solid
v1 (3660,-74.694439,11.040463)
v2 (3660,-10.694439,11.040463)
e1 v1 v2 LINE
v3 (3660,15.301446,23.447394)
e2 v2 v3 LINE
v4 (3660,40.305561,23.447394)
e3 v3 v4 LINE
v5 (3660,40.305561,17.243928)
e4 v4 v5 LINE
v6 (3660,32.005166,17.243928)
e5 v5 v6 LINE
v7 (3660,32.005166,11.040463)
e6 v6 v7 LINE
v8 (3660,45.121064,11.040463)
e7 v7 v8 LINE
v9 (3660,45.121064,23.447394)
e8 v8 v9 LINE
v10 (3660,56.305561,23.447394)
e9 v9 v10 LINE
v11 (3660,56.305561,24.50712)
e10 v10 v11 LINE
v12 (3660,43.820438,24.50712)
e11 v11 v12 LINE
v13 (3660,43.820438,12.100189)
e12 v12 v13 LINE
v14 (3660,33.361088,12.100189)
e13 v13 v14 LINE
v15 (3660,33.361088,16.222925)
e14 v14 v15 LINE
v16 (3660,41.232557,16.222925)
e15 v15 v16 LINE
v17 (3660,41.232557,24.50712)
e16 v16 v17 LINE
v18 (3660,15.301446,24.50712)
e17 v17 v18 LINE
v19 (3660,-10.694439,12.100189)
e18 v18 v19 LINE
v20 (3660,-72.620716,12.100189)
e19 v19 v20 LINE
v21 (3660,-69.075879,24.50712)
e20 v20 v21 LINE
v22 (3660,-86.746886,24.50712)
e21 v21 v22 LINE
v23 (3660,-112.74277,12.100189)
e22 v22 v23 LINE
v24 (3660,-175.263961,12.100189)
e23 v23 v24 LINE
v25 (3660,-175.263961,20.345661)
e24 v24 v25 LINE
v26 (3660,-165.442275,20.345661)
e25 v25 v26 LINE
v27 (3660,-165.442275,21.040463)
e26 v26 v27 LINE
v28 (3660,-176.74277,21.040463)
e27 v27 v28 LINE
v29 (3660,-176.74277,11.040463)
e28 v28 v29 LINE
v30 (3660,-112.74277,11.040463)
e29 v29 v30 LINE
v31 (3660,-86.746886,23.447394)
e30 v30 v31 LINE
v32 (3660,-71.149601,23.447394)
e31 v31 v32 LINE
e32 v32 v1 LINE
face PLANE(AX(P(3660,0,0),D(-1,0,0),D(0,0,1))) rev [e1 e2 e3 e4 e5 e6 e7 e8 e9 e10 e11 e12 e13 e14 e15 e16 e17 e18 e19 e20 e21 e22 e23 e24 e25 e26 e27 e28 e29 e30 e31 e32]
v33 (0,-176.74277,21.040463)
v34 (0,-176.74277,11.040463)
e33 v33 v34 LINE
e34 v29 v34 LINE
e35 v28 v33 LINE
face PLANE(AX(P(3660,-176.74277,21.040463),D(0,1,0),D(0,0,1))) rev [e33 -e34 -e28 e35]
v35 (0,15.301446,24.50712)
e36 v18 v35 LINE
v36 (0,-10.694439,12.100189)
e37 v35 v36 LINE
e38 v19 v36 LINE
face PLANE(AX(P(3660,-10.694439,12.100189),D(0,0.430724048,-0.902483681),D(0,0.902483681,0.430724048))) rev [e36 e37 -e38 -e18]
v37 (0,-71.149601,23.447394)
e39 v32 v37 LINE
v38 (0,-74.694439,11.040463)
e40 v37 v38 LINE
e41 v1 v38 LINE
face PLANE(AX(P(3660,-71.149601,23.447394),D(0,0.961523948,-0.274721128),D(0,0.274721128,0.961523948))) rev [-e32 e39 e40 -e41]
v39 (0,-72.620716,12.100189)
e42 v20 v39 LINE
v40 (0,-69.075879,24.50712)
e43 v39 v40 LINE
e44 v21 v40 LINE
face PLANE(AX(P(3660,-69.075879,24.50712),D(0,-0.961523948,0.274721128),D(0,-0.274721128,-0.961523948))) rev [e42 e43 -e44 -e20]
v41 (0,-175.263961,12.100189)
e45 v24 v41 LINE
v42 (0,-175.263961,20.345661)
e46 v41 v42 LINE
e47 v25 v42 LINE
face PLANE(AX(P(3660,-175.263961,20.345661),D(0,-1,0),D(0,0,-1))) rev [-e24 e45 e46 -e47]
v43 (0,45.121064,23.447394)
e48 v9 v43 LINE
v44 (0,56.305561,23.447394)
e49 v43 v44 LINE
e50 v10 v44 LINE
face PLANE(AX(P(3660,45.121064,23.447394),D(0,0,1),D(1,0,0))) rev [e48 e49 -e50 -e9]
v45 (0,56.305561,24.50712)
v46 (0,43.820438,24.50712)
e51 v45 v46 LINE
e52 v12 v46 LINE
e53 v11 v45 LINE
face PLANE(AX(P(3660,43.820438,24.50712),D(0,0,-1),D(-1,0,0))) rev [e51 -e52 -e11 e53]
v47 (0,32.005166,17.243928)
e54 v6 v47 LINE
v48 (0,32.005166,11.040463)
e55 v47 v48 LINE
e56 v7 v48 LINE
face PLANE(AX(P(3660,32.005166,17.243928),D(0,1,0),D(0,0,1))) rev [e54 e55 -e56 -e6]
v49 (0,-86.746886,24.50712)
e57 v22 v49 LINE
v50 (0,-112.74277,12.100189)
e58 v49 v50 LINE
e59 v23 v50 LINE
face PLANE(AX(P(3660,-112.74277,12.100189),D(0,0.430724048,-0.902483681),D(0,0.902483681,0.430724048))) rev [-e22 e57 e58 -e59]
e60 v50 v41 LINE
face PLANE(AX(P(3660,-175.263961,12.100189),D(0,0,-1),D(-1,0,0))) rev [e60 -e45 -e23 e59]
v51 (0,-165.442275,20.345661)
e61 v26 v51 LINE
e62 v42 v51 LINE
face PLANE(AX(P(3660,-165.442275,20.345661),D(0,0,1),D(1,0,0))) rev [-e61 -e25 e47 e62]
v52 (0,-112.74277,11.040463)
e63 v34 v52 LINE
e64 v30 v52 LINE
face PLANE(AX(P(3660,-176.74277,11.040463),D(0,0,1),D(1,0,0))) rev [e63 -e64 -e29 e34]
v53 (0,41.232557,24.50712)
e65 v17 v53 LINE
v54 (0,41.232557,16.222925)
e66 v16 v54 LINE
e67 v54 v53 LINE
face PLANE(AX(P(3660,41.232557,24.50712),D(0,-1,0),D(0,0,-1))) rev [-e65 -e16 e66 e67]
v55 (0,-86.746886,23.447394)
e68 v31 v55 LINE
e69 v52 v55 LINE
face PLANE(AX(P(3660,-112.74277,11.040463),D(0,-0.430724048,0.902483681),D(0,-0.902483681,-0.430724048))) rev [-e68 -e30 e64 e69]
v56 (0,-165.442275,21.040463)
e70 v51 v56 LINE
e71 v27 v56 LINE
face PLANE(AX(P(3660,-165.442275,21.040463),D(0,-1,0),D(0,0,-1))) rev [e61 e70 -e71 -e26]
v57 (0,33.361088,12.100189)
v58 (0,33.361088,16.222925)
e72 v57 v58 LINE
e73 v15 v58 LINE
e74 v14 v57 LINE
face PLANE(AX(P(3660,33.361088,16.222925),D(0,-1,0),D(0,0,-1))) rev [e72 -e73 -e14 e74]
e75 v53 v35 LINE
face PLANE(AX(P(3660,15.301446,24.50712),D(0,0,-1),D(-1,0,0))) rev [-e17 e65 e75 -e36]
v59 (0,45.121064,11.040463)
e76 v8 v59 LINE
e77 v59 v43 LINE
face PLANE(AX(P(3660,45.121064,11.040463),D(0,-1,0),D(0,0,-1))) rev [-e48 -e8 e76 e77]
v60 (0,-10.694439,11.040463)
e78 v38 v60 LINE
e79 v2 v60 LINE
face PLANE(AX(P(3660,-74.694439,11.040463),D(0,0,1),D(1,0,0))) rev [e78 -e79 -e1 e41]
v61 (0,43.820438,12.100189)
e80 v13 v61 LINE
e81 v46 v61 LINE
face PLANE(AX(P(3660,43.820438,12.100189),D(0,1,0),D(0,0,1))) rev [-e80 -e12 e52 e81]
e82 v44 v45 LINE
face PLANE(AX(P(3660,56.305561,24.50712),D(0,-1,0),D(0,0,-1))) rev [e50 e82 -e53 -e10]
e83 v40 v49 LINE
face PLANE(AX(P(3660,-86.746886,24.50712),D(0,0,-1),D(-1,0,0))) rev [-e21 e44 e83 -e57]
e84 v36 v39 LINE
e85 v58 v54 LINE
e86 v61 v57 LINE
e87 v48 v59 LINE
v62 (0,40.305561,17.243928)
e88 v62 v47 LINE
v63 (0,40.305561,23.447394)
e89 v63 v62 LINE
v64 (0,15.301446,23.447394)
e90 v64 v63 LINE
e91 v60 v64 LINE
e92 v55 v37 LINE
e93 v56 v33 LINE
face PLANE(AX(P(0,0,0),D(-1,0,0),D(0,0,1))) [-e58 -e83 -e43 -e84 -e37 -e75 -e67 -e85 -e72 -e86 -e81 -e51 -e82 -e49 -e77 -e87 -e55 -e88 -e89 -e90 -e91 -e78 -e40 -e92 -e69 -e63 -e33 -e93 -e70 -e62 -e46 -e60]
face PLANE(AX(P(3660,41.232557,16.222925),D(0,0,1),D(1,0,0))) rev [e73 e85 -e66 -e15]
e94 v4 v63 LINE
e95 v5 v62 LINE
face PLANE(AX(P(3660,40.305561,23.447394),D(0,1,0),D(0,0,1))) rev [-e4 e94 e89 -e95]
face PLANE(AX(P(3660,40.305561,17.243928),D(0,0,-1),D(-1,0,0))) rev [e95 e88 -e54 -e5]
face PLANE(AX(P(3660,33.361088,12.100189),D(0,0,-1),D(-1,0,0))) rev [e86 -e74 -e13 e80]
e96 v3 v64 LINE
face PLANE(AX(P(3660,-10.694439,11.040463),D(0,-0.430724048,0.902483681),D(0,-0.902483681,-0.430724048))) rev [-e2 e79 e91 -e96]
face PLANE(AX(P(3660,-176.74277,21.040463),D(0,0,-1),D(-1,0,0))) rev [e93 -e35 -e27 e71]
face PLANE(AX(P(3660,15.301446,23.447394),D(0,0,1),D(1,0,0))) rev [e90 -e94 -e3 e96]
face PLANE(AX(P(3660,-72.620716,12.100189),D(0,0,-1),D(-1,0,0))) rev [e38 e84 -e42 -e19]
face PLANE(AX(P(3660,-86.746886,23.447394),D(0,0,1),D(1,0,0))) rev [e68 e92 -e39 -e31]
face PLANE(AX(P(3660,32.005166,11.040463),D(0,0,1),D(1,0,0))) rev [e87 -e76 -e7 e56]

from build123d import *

# Parameters (mm, degrees)
EXTRUDE_1_DEPTH = 3660


with BuildPart() as part:
    # Эскиз1 → Бобышка-Вытянуть1 (new body)
    with BuildSketch(Plane(origin=(0, 0, 0), x_dir=(0, 0, -1), z_dir=(1, 0, 0))):
        Polygon((-21.04046283, -176.74277017), (-11.04046283, -176.74277017), (-11.04046283, -112.74277017), (-23.447393592, -86.746885797), (-23.447393592, -71.14960141), (-11.04046283, -74.694438771), (-11.04046283, -10.694438771), (-23.447393592, 15.301445602), (-23.447393592, 40.305561229), (-17.243928211, 40.305561229), (-17.243928211, 32.005165785), (-11.04046283, 32.005165785), (-11.04046283, 45.121064019), (-23.447393592, 45.121064019), (-23.447393592, 56.305561229), (-24.507119661, 56.305561229), (-24.507119661, 43.820437884), (-12.100188898, 43.820437884), (-12.100188898, 33.361087922), (-16.2229249, 33.361087922), (-16.2229249, 41.232557481), (-24.507119661, 41.232557481), (-24.507119661, 15.301445602), (-12.100188898, -10.694438771), (-12.100188898, -72.620716315), (-24.507119661, -69.075878954), (-24.507119661, -86.746885797), (-12.100188898, -112.74277017), (-12.100188898, -175.263961293), (-20.345660902, -175.263961293), (-20.345660902, -165.442275203), (-21.04046283, -165.442275203), align=None)
    extrude(amount=EXTRUDE_1_DEPTH)


solid = part.part
